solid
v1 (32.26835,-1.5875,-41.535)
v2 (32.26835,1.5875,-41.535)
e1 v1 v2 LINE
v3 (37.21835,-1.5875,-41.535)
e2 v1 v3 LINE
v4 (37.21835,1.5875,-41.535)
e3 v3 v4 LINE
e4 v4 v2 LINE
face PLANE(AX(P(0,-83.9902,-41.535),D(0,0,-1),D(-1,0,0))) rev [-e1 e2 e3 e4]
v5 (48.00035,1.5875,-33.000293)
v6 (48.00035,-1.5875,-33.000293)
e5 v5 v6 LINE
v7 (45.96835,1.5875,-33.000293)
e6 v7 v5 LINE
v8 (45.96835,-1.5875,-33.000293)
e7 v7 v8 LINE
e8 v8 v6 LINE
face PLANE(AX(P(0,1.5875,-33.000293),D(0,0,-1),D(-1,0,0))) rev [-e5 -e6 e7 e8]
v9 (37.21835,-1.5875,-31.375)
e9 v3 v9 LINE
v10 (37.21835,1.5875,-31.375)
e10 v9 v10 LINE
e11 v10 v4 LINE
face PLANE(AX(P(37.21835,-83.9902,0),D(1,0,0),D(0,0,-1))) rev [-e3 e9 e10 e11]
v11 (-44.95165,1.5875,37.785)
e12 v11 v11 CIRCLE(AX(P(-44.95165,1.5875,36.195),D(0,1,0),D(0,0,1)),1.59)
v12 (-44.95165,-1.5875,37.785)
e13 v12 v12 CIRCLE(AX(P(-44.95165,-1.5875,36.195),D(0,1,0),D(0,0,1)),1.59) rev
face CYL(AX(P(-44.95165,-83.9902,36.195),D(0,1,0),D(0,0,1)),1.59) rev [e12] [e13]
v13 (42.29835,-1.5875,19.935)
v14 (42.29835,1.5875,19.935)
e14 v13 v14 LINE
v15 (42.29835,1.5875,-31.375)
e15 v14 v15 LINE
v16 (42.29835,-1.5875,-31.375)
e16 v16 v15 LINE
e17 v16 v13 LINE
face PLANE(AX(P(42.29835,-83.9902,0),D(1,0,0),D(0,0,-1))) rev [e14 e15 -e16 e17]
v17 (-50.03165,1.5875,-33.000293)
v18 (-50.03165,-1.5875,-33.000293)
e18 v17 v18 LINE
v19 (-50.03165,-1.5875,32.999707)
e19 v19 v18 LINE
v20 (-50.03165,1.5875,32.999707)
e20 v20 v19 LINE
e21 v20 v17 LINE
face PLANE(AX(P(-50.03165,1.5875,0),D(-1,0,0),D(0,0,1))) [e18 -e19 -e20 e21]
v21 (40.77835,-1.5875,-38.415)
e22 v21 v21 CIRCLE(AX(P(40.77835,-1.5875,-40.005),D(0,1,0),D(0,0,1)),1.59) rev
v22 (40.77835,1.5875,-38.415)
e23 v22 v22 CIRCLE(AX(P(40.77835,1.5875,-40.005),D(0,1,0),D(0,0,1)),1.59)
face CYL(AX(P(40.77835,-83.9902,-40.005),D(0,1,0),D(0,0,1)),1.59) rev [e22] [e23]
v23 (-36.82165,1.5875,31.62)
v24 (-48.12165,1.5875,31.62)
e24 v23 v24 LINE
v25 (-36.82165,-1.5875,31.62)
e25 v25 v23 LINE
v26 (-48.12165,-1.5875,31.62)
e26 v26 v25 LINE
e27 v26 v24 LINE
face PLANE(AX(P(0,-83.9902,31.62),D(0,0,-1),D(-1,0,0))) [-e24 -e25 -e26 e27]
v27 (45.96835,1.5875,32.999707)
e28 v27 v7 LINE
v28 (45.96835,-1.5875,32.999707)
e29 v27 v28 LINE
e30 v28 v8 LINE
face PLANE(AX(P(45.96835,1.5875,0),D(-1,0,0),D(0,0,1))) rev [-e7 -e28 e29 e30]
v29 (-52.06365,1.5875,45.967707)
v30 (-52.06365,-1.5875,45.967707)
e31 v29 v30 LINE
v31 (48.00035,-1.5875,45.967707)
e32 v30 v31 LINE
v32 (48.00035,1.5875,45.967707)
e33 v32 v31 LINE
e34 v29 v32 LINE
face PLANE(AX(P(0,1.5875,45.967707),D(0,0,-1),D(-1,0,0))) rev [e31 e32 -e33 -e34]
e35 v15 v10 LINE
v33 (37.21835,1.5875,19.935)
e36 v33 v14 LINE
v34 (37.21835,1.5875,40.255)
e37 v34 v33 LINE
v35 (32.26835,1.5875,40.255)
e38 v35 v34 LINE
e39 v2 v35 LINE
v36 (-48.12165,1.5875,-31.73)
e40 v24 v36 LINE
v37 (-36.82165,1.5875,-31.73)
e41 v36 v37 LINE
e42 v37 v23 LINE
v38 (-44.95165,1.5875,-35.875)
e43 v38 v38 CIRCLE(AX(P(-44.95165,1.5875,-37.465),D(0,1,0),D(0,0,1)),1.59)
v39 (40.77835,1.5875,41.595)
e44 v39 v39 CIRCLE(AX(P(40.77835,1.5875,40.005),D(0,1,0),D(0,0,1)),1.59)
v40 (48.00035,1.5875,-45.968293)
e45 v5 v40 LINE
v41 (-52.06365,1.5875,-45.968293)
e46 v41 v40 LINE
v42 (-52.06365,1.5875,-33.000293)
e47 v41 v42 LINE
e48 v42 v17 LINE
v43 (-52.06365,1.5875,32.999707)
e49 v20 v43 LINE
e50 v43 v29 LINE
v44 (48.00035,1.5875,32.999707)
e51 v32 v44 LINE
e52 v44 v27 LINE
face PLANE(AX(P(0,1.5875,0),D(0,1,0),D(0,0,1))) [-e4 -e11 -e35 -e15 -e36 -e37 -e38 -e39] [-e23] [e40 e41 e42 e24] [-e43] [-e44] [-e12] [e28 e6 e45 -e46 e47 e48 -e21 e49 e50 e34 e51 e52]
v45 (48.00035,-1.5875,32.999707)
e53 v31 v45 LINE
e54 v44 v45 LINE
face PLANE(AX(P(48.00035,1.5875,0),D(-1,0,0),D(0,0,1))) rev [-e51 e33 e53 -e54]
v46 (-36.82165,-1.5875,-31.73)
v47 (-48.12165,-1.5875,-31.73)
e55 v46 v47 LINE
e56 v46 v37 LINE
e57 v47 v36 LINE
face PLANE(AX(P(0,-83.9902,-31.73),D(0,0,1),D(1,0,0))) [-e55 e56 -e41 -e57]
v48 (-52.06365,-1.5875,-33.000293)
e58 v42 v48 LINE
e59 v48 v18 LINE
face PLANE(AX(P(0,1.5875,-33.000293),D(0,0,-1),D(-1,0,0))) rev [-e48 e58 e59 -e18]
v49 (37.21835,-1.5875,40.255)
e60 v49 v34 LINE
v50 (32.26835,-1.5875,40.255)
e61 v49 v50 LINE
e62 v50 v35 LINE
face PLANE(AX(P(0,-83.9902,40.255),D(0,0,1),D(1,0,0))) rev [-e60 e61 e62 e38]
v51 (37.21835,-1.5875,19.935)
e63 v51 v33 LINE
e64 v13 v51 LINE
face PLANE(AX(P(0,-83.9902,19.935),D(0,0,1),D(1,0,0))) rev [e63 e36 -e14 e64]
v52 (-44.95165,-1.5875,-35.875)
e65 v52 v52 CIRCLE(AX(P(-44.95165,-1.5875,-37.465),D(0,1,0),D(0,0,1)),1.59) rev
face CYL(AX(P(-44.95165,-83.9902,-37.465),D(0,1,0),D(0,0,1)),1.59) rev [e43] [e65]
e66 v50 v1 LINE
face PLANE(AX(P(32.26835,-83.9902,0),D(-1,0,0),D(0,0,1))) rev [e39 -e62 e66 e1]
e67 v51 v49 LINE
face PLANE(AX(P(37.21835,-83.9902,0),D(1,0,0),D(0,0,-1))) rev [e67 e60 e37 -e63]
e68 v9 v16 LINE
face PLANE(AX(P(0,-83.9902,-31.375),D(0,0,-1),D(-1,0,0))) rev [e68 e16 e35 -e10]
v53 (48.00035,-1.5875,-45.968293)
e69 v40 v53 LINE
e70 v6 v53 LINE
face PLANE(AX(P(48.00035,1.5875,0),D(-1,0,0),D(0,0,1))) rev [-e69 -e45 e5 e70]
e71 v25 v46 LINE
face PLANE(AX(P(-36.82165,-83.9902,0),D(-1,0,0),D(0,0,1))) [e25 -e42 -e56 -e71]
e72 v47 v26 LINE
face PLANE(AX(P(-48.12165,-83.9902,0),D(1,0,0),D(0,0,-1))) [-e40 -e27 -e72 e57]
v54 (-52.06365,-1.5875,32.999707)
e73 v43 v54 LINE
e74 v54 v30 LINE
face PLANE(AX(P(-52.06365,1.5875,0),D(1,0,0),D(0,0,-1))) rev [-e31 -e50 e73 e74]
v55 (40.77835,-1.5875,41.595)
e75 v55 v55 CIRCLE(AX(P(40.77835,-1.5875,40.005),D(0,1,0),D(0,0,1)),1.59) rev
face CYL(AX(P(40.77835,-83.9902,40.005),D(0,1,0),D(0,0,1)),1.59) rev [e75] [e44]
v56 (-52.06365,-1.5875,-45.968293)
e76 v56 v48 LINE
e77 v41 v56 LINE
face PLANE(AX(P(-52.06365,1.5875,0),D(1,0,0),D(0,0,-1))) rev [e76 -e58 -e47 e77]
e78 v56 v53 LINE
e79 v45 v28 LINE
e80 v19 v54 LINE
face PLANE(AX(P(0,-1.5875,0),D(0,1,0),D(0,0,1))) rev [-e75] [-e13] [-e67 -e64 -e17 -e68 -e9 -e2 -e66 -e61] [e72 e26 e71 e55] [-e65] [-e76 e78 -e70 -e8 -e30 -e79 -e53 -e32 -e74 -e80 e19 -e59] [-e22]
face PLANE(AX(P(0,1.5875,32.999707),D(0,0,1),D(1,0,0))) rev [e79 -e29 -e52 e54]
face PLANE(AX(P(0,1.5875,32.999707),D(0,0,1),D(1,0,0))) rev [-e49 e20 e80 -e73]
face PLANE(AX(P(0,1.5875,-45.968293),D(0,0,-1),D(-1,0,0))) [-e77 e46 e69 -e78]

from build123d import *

# Parameters (mm, degrees)
BOSS_EXTRUDE1_DEPTH = 1.5875
SKETCH4_W           = 11.3
SKETCH4_H           = 63.35
SKETCH4_R           = 1.59
CUT_EXTRUDE2_DEPTH  = 3.175


with BuildPart() as part:
    # Sketch2 → Boss-Extrude1 (new body, symmetric)
    with BuildSketch(Plane(origin=(0, 0, 0), x_dir=(1, 0, 0), z_dir=(0, 1, 0))):
        Polygon((-50.03165, -32.99970686), (-52.06365, -32.99970686), (-52.06365, -45.96770686), (48.00035, -45.96770686), (48.00035, -32.99970686), (45.96835, -32.99970686), (45.96835, 33.00029314), (48.00035, 33.00029314), (48.00035, 45.96829314), (-52.06365, 45.96829314), (-52.06365, 33.00029314), (-50.03165, 33.00029314), align=None)
    extrude(amount=BOSS_EXTRUDE1_DEPTH, both=True)

    # Sketch4 → Cut-Extrude2 (cut)
    with BuildSketch(Plane(origin=(0, 1.5875, 0), x_dir=(1, 0, 0), z_dir=(0, 1, 0))):
        with Locations((-42.47165, 0.055)):
            Rectangle(SKETCH4_W, SKETCH4_H)
        with Locations((-44.95165, 37.465)):
            Circle(SKETCH4_R)
        Polygon((32.26835, -40.255), (37.21835, -40.255), (37.21835, -19.935), (42.29835, -19.935), (42.29835, 31.375), (37.21835, 31.375), (37.21835, 41.535), (32.26835, 41.535), align=None)
        with Locations((40.77835, -40.005)):
            Circle(SKETCH4_R)
        with Locations((40.77835, 40.005)):
            Circle(SKETCH4_R)
        with Locations((-44.95165, -36.195)):
            Circle(SKETCH4_R)
    extrude(amount=-CUT_EXTRUDE2_DEPTH, mode=Mode.SUBTRACT)


solid = part.part
